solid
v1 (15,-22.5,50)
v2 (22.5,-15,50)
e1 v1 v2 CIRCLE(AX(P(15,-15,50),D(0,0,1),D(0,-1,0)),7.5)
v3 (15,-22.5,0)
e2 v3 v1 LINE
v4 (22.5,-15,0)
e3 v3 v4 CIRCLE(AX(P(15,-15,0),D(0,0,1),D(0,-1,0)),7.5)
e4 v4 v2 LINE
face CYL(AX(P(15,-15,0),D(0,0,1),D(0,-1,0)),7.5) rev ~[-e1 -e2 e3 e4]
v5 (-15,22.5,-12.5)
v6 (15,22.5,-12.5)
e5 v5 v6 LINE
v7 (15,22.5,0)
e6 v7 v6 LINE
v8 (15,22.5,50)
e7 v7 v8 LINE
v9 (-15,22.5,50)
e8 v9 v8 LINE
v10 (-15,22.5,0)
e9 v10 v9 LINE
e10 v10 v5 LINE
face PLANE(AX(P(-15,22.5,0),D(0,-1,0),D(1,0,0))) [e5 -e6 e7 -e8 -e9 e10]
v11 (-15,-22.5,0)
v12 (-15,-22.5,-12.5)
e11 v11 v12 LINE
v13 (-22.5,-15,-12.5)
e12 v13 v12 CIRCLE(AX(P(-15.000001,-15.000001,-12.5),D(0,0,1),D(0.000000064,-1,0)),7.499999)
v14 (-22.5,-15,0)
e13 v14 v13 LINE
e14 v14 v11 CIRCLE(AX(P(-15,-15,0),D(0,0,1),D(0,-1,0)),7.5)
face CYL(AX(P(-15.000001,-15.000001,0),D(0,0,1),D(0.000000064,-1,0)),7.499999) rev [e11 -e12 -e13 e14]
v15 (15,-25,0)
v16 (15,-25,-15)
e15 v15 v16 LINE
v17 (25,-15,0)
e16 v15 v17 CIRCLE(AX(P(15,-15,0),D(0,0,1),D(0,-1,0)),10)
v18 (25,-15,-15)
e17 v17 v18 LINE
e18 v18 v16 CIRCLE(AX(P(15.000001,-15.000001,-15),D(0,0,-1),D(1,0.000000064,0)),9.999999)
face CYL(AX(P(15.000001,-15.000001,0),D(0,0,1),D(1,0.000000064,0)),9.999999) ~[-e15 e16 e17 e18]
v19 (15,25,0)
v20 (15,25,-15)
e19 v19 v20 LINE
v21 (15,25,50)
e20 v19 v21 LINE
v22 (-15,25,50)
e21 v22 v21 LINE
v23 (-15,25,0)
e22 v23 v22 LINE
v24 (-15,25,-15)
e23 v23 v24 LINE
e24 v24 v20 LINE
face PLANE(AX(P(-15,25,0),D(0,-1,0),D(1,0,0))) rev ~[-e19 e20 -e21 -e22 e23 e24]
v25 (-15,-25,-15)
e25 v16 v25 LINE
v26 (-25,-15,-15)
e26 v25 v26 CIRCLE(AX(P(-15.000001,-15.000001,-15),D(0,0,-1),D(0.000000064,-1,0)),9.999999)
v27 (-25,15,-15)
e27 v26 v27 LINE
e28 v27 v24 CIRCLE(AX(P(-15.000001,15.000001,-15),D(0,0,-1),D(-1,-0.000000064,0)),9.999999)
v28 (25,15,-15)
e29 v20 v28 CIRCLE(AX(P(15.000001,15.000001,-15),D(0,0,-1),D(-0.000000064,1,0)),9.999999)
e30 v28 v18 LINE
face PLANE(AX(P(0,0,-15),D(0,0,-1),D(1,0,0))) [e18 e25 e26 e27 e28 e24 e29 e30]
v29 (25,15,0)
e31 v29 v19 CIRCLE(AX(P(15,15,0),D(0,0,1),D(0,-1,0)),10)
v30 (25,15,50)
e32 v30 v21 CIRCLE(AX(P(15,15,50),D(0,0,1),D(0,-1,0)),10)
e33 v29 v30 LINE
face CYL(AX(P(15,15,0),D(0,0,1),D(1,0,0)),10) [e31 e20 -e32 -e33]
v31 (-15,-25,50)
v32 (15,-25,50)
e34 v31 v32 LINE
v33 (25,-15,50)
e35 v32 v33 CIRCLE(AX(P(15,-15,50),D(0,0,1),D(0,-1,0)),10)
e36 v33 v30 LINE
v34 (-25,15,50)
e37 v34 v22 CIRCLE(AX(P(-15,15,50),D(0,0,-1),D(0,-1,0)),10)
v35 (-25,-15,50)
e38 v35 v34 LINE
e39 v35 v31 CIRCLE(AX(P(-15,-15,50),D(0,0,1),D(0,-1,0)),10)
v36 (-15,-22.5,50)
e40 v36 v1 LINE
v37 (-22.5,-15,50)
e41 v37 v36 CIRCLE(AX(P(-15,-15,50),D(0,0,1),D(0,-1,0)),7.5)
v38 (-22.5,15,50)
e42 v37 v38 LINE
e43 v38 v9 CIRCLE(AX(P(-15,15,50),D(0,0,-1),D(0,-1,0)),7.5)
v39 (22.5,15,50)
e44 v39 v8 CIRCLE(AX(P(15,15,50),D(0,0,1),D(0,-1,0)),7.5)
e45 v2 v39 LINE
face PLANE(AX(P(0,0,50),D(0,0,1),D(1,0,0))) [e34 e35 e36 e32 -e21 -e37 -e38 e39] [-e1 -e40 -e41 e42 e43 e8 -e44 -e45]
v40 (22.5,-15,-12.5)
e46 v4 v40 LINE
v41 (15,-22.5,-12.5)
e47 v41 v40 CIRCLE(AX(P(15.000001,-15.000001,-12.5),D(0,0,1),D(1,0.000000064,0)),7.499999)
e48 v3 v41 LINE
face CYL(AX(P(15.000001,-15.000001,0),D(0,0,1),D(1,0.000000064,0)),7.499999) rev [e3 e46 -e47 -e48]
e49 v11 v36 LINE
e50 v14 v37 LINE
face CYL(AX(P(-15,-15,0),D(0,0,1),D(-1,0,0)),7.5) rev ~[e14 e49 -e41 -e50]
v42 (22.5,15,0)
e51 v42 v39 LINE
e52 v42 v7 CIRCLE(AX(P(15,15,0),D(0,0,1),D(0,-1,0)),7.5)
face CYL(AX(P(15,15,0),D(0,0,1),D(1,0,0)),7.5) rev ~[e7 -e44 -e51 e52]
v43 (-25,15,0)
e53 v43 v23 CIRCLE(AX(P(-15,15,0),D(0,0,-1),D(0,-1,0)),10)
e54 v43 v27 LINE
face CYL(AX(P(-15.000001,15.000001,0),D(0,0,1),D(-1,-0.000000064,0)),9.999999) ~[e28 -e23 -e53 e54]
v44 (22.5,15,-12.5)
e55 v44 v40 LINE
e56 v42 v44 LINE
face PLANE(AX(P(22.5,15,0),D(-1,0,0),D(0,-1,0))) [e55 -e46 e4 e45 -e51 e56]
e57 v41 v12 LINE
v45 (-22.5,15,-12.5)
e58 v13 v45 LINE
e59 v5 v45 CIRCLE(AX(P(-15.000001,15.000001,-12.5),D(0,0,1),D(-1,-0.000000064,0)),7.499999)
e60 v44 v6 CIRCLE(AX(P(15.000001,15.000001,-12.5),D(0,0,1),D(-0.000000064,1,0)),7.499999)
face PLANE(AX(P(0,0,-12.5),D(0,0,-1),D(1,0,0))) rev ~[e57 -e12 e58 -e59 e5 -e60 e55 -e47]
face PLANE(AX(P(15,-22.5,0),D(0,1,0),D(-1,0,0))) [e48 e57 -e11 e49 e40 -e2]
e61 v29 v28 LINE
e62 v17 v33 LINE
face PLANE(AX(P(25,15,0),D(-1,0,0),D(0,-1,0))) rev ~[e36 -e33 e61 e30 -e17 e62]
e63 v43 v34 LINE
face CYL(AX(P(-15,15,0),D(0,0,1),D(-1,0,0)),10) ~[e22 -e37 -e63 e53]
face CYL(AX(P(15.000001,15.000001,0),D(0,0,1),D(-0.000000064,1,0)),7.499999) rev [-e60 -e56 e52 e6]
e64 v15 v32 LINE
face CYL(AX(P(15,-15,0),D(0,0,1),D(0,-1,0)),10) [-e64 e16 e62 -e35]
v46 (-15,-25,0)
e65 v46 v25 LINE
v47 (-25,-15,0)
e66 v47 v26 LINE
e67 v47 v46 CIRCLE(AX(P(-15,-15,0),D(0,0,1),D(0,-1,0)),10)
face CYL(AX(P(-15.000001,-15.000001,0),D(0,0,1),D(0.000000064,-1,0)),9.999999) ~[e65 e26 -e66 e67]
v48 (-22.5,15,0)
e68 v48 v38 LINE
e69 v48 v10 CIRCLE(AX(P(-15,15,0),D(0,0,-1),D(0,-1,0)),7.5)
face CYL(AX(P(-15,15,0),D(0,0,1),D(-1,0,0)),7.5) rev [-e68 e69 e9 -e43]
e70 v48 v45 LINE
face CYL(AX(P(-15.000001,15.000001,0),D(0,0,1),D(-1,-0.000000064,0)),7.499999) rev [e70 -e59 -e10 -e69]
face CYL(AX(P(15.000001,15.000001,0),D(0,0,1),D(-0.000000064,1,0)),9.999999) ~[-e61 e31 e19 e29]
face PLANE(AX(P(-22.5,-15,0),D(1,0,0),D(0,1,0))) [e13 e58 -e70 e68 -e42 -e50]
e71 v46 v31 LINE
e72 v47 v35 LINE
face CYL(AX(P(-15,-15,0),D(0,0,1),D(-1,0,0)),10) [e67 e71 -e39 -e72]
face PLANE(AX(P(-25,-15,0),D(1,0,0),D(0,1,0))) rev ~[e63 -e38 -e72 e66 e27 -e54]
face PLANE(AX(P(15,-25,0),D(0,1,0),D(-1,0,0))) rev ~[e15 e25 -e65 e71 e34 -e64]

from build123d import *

# Parameters (mm, degrees)
F0_W     = 50
F0_H     = 50
F1_DEPTH = 50
F2_R     = 10
F3_DEPTH = 15
F4_T     = -2.5


with BuildPart() as f1:
    # F0 (on Top) → F1 (new body)
    with BuildSketch(Plane.XY):
        Rectangle(F0_W, F0_H)
    extrude(amount=F1_DEPTH)

    # F2
    f2_edges = [f1.edges().sort_by_distance(p)[0] for p in [
        (-25, -25, 25),
        (-25, 25, 25),
        (25, 25, 25),
        (25, -25, 25),
    ]]
    fillet(f2_edges, radius=F2_R)

    # F1_face (on face) → F3 (join)
    with BuildSketch(Plane(origin=(0, 0, 0), x_dir=(1, 0, 0), z_dir=(0, 0, -1))):
        with BuildLine():
            Line((-25, 15), (-25, -15))
            ThreePointArc((-25, -15), (-22.071068, -22.071068), (-15, -25))
            Line((-15, -25), (15, -25))
            ThreePointArc((15, -25), (22.071068, -22.071068), (25, -15))
            Line((25, -15), (25, 15))
            ThreePointArc((25, 15), (22.071068, 22.071068), (15, 25))
            Line((15, 25), (-15, 25))
            ThreePointArc((-15, 25), (-22.071068, 22.071068), (-25, 15))
        make_face()
    extrude(amount=F3_DEPTH)

    # F4
    f4_openings = [f1.faces().sort_by_distance(p)[0] for p in [
        (0, 0, 50),
    ]]
    offset(amount=F4_T, openings=f4_openings)


solid = f1.part
